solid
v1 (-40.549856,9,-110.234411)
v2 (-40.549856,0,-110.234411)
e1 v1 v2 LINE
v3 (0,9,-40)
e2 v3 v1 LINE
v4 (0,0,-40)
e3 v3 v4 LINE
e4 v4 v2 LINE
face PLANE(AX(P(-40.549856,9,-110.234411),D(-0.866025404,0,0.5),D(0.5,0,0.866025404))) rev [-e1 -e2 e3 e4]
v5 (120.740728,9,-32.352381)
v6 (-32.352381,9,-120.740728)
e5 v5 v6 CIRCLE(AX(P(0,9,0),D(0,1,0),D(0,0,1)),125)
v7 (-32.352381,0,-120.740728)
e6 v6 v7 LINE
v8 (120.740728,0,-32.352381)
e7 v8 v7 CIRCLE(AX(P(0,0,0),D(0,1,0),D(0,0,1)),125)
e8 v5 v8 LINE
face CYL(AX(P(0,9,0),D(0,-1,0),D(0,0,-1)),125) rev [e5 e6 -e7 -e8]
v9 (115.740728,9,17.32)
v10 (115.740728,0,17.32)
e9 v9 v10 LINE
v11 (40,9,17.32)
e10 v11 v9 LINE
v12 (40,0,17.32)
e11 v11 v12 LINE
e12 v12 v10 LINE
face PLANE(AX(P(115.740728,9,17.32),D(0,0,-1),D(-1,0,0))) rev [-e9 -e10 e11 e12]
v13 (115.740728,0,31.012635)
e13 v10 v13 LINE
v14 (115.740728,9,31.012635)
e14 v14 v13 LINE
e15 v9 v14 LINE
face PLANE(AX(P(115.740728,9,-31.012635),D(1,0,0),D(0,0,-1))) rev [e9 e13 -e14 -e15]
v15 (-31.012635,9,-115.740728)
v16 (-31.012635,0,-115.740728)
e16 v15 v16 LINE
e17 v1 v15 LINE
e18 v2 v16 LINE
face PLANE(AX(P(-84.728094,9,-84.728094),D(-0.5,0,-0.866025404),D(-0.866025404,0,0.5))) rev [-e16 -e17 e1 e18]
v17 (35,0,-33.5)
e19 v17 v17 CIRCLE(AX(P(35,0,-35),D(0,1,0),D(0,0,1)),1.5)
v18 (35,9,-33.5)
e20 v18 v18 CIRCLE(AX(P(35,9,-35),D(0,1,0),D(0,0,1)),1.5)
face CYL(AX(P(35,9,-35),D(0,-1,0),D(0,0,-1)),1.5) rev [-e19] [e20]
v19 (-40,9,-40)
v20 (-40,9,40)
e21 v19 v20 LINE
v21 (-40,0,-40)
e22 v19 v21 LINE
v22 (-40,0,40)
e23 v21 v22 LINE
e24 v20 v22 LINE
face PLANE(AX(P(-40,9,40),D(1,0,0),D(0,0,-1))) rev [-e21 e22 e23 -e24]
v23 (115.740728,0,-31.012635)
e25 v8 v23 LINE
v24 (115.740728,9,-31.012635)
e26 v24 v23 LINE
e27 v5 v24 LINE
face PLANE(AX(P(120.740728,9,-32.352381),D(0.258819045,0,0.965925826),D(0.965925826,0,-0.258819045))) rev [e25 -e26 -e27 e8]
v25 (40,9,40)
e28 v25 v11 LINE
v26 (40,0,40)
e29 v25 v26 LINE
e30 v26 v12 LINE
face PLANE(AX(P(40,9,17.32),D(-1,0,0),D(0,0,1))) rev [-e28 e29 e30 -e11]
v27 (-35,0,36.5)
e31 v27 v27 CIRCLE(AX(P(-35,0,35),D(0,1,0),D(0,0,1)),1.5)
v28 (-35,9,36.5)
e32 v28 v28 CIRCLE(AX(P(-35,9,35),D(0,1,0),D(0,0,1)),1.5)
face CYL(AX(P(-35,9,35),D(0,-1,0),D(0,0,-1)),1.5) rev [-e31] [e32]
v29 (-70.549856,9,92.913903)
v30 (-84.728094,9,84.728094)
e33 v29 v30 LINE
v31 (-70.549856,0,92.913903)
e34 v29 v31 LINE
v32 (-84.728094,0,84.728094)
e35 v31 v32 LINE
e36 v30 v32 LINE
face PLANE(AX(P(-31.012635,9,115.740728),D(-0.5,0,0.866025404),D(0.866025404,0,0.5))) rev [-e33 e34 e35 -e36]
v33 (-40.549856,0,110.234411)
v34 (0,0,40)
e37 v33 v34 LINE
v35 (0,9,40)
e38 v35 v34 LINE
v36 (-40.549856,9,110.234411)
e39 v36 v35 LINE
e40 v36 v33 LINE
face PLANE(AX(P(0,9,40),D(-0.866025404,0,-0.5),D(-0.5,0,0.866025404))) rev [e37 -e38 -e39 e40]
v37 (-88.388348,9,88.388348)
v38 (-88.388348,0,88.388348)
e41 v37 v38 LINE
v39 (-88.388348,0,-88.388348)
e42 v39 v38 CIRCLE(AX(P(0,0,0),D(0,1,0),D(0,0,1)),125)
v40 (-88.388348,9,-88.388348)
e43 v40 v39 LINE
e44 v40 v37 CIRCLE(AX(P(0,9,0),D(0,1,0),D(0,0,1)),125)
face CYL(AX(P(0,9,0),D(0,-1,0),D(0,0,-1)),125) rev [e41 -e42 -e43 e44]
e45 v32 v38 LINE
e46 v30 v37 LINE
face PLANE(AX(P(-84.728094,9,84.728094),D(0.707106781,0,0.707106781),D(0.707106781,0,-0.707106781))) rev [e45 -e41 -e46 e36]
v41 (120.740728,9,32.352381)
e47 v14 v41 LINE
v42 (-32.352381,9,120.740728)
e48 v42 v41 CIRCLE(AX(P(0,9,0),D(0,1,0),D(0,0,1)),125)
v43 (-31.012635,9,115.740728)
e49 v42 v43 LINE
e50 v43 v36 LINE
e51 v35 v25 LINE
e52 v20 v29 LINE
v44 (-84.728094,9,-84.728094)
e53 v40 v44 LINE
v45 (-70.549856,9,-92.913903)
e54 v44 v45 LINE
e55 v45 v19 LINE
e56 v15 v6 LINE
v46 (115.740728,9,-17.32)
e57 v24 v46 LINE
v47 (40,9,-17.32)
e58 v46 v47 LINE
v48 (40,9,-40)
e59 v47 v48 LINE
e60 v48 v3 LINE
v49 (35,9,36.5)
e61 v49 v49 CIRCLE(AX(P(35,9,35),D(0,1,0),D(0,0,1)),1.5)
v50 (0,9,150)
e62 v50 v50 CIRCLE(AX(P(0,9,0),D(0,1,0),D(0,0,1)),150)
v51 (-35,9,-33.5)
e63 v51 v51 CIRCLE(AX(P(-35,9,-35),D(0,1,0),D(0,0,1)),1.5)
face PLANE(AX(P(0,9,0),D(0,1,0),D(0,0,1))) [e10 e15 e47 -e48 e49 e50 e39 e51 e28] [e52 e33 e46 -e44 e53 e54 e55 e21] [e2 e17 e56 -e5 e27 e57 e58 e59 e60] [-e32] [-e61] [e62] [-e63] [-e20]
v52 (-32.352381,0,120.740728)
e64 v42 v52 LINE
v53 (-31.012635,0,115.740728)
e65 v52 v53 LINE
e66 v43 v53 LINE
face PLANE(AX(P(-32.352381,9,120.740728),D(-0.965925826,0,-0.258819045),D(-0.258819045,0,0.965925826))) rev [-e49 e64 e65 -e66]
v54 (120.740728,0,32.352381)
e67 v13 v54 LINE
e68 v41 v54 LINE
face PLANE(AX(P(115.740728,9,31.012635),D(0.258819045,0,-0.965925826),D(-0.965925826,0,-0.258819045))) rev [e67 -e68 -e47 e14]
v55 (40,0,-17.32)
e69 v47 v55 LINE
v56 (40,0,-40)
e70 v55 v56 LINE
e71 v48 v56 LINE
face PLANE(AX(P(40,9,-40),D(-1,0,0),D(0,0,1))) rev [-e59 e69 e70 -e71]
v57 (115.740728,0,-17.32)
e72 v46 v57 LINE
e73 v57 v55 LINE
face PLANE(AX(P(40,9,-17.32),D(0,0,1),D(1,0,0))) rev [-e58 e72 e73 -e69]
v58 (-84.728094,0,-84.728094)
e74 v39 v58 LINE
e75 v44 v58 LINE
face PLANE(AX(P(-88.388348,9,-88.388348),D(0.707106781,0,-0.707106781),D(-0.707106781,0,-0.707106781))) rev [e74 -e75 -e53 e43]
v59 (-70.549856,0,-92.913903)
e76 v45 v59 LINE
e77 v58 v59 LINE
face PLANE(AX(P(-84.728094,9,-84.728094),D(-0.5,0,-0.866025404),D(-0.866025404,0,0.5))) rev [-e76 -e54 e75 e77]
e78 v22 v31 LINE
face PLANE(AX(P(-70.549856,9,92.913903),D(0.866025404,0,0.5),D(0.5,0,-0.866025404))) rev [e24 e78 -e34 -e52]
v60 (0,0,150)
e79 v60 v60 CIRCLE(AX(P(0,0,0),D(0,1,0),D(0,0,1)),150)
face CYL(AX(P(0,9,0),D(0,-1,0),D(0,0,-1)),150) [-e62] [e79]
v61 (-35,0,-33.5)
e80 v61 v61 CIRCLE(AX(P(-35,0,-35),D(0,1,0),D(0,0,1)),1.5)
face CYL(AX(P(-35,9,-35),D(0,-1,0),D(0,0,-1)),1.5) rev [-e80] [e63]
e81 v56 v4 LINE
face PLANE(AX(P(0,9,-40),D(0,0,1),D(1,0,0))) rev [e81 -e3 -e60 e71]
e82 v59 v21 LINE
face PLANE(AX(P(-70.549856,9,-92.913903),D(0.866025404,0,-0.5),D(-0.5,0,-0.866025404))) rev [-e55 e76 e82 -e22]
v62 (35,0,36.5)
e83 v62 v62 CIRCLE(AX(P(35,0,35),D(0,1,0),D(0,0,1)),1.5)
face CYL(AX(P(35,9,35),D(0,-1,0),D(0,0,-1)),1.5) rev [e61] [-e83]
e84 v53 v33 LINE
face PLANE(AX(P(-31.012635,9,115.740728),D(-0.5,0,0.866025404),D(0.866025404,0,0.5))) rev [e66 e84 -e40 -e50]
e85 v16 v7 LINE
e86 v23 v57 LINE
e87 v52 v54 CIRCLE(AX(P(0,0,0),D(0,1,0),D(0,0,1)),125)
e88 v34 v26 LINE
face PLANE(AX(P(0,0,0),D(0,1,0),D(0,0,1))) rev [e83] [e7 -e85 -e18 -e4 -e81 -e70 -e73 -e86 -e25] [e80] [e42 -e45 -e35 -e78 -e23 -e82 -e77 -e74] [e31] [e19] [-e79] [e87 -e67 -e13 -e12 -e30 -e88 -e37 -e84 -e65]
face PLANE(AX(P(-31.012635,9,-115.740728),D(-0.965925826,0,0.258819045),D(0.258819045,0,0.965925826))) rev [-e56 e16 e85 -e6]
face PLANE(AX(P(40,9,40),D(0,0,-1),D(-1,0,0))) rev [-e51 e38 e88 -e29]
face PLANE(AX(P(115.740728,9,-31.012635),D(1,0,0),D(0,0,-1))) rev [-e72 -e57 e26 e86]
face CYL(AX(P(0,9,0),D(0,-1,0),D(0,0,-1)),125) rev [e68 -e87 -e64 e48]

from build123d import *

# Parameters (mm, degrees)
CROQUIS1_R              = 150
CROQUIS1_R_2            = 125
SALIENTE_EXTRUIR1_DEPTH = 9
SALIENTE_EXTRUIR3_DEPTH = 9
CROQUIS3_R              = 1.5
SALIENTE_EXTRUIR4_DEPTH = 9


with BuildPart() as part:
    # Croquis1 → Saliente-Extruir1 (new body)
    with BuildSketch(Plane(origin=(0, 0, 0), x_dir=(1, 0, 0), z_dir=(0, 1, 0))):
        Circle(CROQUIS1_R)
        Circle(CROQUIS1_R_2, mode=Mode.SUBTRACT)
    extrude(amount=SALIENTE_EXTRUIR1_DEPTH)

    # Croquis2 → Saliente-Extruir3 (add)
    with BuildSketch(Plane(origin=(0, 0, 0), x_dir=(1, 0, 0), z_dir=(0, 1, 0))):
        Polygon((120.740728286, 32.352380638), (146.469530849, 32.352380638), (146.469530849, -32.352380638), (120.740728286, -32.352380638), (115.740728286, -31.012634676), (115.740728286, 31.012634676), align=None)
        Polygon((-88.388347648, -88.388347648), (-101.25274893, -110.670144277), (-45.216781919, -143.022524914), (-32.352380638, -120.740728286), (-31.012634676, -115.740728286), (-84.72809361, -84.72809361), align=None)
        Polygon((-32.352380638, 120.740728286), (-45.216781919, 143.022524914), (-101.25274893, 110.670144277), (-88.388347648, 88.388347648), (-84.72809361, 84.72809361), (-31.012634676, 115.740728286), align=None)
    extrude(amount=SALIENTE_EXTRUIR3_DEPTH)

    # Croquis3 → Saliente-Extruir4 (add)
    with BuildSketch(Plane(origin=(0, 0, 0), x_dir=(1, 0, 0), z_dir=(0, 1, 0))):
        Polygon((-70.549856067, 92.913902873), (-40, 40), (-40, -40), (-70.549856067, -92.913902873), (-40.549856067, -110.234410948), (0, -40), (40, -40), (40, -17.32), (115.740728286, -17.32), (115.740728286, 17.32), (40, 17.32), (40, 40), (0, 40), (-40.549856067, 110.234410948), align=None)
        with Locations((-35, 35)):
            Circle(CROQUIS3_R, mode=Mode.SUBTRACT)
        with Locations((35, 35)):
            Circle(CROQUIS3_R, mode=Mode.SUBTRACT)
        with Locations((35, -35)):
            Circle(CROQUIS3_R, mode=Mode.SUBTRACT)
        with Locations((-35, -35)):
            Circle(CROQUIS3_R, mode=Mode.SUBTRACT)
    extrude(amount=SALIENTE_EXTRUIR4_DEPTH)


solid = part.part
